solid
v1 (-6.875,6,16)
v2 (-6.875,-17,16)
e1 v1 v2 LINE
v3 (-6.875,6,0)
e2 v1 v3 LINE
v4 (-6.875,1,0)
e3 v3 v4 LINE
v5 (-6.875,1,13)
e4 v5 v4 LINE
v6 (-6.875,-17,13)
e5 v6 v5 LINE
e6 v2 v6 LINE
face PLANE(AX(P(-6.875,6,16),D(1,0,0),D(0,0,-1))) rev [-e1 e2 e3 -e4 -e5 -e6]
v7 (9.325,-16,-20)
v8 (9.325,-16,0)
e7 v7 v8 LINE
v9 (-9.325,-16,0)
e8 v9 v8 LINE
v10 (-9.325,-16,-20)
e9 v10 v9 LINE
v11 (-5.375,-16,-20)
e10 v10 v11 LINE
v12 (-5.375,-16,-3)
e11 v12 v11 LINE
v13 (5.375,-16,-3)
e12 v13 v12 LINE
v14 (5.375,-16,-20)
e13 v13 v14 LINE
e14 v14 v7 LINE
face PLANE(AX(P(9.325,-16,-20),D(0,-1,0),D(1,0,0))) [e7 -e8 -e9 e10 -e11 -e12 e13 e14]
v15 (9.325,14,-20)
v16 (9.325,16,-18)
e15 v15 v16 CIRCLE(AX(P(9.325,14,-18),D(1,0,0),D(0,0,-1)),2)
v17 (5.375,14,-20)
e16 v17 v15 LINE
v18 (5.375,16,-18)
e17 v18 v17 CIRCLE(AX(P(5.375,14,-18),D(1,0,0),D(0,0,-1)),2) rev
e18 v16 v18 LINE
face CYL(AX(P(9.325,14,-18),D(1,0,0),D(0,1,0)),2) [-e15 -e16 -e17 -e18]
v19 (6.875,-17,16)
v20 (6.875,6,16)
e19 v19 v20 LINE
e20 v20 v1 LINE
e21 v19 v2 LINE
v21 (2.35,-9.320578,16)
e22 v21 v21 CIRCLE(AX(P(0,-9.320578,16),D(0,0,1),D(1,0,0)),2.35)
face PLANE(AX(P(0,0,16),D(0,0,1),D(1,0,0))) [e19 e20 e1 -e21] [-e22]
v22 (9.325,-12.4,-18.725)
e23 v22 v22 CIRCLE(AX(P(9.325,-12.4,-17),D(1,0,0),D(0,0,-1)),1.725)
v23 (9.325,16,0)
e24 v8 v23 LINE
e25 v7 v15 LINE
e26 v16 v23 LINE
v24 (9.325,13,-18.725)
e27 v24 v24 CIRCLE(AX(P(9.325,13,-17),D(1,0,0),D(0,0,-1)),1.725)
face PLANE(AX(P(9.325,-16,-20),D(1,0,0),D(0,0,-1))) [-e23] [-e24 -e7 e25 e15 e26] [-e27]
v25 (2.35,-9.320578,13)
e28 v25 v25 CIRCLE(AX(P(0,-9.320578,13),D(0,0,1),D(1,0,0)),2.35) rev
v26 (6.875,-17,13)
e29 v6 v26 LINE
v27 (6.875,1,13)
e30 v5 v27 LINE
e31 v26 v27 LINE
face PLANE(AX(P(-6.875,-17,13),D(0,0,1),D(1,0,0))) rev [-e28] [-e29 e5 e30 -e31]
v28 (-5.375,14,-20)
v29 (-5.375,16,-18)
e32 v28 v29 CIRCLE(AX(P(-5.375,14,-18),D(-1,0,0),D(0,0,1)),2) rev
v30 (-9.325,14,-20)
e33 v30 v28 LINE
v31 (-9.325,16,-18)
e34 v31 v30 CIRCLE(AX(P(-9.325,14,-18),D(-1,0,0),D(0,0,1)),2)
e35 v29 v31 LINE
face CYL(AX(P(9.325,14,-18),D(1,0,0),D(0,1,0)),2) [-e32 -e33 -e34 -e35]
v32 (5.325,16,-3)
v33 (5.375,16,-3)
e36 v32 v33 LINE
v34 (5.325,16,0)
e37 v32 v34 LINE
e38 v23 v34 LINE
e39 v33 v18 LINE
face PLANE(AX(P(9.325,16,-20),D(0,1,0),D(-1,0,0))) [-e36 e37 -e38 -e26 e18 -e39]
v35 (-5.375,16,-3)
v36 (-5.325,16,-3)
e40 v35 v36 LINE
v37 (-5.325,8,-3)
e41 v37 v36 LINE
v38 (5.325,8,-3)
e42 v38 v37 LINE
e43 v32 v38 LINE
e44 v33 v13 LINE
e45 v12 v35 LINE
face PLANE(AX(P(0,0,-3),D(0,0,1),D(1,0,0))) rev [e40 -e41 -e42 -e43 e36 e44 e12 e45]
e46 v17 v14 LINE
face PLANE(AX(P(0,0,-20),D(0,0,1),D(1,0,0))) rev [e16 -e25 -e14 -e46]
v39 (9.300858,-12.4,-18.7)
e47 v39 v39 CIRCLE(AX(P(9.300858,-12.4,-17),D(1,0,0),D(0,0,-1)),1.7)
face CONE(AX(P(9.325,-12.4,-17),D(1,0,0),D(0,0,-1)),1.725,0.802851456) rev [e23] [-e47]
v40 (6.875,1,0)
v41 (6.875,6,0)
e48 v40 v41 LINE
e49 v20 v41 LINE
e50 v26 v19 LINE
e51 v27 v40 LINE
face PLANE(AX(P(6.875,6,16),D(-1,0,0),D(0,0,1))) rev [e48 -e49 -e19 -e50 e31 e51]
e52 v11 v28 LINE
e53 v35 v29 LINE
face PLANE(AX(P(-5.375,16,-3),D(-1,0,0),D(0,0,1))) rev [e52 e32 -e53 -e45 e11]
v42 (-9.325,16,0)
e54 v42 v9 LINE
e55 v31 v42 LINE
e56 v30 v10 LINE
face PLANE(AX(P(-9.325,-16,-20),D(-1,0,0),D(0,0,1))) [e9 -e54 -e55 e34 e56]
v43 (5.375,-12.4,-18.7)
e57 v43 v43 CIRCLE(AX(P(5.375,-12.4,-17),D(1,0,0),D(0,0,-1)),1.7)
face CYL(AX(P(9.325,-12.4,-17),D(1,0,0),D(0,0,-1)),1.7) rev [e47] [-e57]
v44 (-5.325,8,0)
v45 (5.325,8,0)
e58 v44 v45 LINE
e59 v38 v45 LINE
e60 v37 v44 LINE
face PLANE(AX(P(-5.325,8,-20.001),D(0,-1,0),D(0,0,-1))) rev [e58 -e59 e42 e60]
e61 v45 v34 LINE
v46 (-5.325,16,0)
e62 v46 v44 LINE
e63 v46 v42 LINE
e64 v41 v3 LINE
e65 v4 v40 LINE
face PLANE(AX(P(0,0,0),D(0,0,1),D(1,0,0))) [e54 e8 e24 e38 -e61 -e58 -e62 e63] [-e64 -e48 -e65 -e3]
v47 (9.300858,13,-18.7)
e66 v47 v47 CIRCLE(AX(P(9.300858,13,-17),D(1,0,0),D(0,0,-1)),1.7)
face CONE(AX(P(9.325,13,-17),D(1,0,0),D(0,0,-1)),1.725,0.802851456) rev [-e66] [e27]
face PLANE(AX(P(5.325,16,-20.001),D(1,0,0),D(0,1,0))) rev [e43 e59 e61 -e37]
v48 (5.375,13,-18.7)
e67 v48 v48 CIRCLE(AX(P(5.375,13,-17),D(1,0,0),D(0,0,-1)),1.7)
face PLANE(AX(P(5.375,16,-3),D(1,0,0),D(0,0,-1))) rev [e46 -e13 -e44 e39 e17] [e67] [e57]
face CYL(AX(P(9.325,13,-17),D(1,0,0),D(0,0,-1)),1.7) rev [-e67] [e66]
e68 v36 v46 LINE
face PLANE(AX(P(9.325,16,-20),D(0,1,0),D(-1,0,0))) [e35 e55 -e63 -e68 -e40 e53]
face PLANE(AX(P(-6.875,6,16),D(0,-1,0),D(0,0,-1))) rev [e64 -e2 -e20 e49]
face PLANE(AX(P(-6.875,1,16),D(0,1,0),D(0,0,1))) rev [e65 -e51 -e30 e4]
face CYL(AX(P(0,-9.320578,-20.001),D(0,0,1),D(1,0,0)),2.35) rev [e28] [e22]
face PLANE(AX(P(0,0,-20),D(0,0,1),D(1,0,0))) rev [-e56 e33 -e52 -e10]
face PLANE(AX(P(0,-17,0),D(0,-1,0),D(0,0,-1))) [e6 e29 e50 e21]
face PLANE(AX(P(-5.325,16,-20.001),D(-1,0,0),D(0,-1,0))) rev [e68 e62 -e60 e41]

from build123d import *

# Parameters (mm, degrees)
SKETCH_1_W                   = 18.65
SKETCH_1_H                   = 32
EXTRUDE_1_DEPTH              = 20
SKETCH_2_W                   = 10.75
SKETCH_2_H                   = 32
CUT_EXTRUDE_2_DEPTH          = 17
CUT_EXTRUDE_3_REACH          = 22
SKETCH_4_W                   = 10.65
SKETCH_4_H                   = 8
FILLET_1_R                   = 2
HOLE_WIZARD_M3_4_D           = 3.4
HOLE_WIZARD_M3_4_DEPTH       = 3.95
HOLE_WIZARD_M3_4_CSINK_D     = 3.45
HOLE_WIZARD_M3_4_CSINK_ANGLE = 92
SKETCH_18_W                  = 13.75
SKETCH_18_H                  = 5
EXTRUDE_2_DEPTH              = 16
SKETCH_19_W                  = 13.75
SKETCH_19_H                  = 3
EXTRUDE_3_DEPTH              = 18
CUT_EXTRUDE_4_REACH          = 38
SKETCH_20_R                  = 2.35


with BuildPart() as part:
    # 스케치1 → 보스-돌출1 (new body)
    with BuildSketch(Plane.XY):
        Rectangle(SKETCH_1_W, SKETCH_1_H)
    extrude(amount=-EXTRUDE_1_DEPTH)

    # 스케치2 → 컷-돌출2 (cut)
    with BuildSketch(Plane(origin=(0, 0, -20), x_dir=(-1, 0, 0), z_dir=(0, 0, -1))):
        Rectangle(SKETCH_2_W, SKETCH_2_H)
    extrude(amount=-CUT_EXTRUDE_2_DEPTH, mode=Mode.SUBTRACT)

    # 스케치4 → 컷-돌출3 (cut, up to next)
    with BuildSketch(Plane.XY, mode=Mode.PRIVATE) as cut_extrude_3_sk1:
        with Locations((0, 12)):
            Rectangle(SKETCH_4_W, SKETCH_4_H)
    cut_extrude_3_tool1 = extrude(cut_extrude_3_sk1.sketch, amount=-CUT_EXTRUDE_3_REACH, mode=Mode.PRIVATE) & part.part
    add(cut_extrude_3_tool1.solids().sort_by_distance((0, 12, 0))[0], mode=Mode.SUBTRACT)

    # 필렛1
    fillet_1_edges = [part.edges().sort_by_distance(p)[0] for p in [
        (-7.35, 16, -20),
        (7.35, 16, -20),
    ]]
    fillet(fillet_1_edges, radius=FILLET_1_R)

    # M3 여유 구멍4
    with Locations(Plane(origin=(9.325, 0, 0), x_dir=(0, 0, -1), z_dir=(1, 0, 0))):
        with Locations((17, 13), (17, -12.4), (38.233038072, 15.712174446)):
            CounterSinkHole(HOLE_WIZARD_M3_4_D / 2, HOLE_WIZARD_M3_4_CSINK_D / 2, depth=HOLE_WIZARD_M3_4_DEPTH, counter_sink_angle=HOLE_WIZARD_M3_4_CSINK_ANGLE)

    # 스케치18 → 보스-돌출2 (add)
    with BuildSketch(Plane.XY):
        with Locations((0, 3.5)):
            Rectangle(SKETCH_18_W, SKETCH_18_H)
    extrude(amount=EXTRUDE_2_DEPTH)

    # 스케치19 → 보스-돌출3 (add)
    with BuildSketch(Plane.XZ.offset(-1)):
        with Locations((0, 14.5)):
            Rectangle(SKETCH_19_W, SKETCH_19_H)
    extrude(amount=EXTRUDE_3_DEPTH)

    # 스케치20 → 컷-돌출4 (cut, up to next)
    with BuildSketch(Plane.XY.offset(16), mode=Mode.PRIVATE) as cut_extrude_4_sk1:
        with Locations((0, -9.320578261)):
            Circle(SKETCH_20_R)
    cut_extrude_4_tool1 = extrude(cut_extrude_4_sk1.sketch, amount=-CUT_EXTRUDE_4_REACH, mode=Mode.PRIVATE) & part.part
    add(cut_extrude_4_tool1.solids().sort_by_distance((0, -9.320578, 16))[0], mode=Mode.SUBTRACT)


solid = part.part
